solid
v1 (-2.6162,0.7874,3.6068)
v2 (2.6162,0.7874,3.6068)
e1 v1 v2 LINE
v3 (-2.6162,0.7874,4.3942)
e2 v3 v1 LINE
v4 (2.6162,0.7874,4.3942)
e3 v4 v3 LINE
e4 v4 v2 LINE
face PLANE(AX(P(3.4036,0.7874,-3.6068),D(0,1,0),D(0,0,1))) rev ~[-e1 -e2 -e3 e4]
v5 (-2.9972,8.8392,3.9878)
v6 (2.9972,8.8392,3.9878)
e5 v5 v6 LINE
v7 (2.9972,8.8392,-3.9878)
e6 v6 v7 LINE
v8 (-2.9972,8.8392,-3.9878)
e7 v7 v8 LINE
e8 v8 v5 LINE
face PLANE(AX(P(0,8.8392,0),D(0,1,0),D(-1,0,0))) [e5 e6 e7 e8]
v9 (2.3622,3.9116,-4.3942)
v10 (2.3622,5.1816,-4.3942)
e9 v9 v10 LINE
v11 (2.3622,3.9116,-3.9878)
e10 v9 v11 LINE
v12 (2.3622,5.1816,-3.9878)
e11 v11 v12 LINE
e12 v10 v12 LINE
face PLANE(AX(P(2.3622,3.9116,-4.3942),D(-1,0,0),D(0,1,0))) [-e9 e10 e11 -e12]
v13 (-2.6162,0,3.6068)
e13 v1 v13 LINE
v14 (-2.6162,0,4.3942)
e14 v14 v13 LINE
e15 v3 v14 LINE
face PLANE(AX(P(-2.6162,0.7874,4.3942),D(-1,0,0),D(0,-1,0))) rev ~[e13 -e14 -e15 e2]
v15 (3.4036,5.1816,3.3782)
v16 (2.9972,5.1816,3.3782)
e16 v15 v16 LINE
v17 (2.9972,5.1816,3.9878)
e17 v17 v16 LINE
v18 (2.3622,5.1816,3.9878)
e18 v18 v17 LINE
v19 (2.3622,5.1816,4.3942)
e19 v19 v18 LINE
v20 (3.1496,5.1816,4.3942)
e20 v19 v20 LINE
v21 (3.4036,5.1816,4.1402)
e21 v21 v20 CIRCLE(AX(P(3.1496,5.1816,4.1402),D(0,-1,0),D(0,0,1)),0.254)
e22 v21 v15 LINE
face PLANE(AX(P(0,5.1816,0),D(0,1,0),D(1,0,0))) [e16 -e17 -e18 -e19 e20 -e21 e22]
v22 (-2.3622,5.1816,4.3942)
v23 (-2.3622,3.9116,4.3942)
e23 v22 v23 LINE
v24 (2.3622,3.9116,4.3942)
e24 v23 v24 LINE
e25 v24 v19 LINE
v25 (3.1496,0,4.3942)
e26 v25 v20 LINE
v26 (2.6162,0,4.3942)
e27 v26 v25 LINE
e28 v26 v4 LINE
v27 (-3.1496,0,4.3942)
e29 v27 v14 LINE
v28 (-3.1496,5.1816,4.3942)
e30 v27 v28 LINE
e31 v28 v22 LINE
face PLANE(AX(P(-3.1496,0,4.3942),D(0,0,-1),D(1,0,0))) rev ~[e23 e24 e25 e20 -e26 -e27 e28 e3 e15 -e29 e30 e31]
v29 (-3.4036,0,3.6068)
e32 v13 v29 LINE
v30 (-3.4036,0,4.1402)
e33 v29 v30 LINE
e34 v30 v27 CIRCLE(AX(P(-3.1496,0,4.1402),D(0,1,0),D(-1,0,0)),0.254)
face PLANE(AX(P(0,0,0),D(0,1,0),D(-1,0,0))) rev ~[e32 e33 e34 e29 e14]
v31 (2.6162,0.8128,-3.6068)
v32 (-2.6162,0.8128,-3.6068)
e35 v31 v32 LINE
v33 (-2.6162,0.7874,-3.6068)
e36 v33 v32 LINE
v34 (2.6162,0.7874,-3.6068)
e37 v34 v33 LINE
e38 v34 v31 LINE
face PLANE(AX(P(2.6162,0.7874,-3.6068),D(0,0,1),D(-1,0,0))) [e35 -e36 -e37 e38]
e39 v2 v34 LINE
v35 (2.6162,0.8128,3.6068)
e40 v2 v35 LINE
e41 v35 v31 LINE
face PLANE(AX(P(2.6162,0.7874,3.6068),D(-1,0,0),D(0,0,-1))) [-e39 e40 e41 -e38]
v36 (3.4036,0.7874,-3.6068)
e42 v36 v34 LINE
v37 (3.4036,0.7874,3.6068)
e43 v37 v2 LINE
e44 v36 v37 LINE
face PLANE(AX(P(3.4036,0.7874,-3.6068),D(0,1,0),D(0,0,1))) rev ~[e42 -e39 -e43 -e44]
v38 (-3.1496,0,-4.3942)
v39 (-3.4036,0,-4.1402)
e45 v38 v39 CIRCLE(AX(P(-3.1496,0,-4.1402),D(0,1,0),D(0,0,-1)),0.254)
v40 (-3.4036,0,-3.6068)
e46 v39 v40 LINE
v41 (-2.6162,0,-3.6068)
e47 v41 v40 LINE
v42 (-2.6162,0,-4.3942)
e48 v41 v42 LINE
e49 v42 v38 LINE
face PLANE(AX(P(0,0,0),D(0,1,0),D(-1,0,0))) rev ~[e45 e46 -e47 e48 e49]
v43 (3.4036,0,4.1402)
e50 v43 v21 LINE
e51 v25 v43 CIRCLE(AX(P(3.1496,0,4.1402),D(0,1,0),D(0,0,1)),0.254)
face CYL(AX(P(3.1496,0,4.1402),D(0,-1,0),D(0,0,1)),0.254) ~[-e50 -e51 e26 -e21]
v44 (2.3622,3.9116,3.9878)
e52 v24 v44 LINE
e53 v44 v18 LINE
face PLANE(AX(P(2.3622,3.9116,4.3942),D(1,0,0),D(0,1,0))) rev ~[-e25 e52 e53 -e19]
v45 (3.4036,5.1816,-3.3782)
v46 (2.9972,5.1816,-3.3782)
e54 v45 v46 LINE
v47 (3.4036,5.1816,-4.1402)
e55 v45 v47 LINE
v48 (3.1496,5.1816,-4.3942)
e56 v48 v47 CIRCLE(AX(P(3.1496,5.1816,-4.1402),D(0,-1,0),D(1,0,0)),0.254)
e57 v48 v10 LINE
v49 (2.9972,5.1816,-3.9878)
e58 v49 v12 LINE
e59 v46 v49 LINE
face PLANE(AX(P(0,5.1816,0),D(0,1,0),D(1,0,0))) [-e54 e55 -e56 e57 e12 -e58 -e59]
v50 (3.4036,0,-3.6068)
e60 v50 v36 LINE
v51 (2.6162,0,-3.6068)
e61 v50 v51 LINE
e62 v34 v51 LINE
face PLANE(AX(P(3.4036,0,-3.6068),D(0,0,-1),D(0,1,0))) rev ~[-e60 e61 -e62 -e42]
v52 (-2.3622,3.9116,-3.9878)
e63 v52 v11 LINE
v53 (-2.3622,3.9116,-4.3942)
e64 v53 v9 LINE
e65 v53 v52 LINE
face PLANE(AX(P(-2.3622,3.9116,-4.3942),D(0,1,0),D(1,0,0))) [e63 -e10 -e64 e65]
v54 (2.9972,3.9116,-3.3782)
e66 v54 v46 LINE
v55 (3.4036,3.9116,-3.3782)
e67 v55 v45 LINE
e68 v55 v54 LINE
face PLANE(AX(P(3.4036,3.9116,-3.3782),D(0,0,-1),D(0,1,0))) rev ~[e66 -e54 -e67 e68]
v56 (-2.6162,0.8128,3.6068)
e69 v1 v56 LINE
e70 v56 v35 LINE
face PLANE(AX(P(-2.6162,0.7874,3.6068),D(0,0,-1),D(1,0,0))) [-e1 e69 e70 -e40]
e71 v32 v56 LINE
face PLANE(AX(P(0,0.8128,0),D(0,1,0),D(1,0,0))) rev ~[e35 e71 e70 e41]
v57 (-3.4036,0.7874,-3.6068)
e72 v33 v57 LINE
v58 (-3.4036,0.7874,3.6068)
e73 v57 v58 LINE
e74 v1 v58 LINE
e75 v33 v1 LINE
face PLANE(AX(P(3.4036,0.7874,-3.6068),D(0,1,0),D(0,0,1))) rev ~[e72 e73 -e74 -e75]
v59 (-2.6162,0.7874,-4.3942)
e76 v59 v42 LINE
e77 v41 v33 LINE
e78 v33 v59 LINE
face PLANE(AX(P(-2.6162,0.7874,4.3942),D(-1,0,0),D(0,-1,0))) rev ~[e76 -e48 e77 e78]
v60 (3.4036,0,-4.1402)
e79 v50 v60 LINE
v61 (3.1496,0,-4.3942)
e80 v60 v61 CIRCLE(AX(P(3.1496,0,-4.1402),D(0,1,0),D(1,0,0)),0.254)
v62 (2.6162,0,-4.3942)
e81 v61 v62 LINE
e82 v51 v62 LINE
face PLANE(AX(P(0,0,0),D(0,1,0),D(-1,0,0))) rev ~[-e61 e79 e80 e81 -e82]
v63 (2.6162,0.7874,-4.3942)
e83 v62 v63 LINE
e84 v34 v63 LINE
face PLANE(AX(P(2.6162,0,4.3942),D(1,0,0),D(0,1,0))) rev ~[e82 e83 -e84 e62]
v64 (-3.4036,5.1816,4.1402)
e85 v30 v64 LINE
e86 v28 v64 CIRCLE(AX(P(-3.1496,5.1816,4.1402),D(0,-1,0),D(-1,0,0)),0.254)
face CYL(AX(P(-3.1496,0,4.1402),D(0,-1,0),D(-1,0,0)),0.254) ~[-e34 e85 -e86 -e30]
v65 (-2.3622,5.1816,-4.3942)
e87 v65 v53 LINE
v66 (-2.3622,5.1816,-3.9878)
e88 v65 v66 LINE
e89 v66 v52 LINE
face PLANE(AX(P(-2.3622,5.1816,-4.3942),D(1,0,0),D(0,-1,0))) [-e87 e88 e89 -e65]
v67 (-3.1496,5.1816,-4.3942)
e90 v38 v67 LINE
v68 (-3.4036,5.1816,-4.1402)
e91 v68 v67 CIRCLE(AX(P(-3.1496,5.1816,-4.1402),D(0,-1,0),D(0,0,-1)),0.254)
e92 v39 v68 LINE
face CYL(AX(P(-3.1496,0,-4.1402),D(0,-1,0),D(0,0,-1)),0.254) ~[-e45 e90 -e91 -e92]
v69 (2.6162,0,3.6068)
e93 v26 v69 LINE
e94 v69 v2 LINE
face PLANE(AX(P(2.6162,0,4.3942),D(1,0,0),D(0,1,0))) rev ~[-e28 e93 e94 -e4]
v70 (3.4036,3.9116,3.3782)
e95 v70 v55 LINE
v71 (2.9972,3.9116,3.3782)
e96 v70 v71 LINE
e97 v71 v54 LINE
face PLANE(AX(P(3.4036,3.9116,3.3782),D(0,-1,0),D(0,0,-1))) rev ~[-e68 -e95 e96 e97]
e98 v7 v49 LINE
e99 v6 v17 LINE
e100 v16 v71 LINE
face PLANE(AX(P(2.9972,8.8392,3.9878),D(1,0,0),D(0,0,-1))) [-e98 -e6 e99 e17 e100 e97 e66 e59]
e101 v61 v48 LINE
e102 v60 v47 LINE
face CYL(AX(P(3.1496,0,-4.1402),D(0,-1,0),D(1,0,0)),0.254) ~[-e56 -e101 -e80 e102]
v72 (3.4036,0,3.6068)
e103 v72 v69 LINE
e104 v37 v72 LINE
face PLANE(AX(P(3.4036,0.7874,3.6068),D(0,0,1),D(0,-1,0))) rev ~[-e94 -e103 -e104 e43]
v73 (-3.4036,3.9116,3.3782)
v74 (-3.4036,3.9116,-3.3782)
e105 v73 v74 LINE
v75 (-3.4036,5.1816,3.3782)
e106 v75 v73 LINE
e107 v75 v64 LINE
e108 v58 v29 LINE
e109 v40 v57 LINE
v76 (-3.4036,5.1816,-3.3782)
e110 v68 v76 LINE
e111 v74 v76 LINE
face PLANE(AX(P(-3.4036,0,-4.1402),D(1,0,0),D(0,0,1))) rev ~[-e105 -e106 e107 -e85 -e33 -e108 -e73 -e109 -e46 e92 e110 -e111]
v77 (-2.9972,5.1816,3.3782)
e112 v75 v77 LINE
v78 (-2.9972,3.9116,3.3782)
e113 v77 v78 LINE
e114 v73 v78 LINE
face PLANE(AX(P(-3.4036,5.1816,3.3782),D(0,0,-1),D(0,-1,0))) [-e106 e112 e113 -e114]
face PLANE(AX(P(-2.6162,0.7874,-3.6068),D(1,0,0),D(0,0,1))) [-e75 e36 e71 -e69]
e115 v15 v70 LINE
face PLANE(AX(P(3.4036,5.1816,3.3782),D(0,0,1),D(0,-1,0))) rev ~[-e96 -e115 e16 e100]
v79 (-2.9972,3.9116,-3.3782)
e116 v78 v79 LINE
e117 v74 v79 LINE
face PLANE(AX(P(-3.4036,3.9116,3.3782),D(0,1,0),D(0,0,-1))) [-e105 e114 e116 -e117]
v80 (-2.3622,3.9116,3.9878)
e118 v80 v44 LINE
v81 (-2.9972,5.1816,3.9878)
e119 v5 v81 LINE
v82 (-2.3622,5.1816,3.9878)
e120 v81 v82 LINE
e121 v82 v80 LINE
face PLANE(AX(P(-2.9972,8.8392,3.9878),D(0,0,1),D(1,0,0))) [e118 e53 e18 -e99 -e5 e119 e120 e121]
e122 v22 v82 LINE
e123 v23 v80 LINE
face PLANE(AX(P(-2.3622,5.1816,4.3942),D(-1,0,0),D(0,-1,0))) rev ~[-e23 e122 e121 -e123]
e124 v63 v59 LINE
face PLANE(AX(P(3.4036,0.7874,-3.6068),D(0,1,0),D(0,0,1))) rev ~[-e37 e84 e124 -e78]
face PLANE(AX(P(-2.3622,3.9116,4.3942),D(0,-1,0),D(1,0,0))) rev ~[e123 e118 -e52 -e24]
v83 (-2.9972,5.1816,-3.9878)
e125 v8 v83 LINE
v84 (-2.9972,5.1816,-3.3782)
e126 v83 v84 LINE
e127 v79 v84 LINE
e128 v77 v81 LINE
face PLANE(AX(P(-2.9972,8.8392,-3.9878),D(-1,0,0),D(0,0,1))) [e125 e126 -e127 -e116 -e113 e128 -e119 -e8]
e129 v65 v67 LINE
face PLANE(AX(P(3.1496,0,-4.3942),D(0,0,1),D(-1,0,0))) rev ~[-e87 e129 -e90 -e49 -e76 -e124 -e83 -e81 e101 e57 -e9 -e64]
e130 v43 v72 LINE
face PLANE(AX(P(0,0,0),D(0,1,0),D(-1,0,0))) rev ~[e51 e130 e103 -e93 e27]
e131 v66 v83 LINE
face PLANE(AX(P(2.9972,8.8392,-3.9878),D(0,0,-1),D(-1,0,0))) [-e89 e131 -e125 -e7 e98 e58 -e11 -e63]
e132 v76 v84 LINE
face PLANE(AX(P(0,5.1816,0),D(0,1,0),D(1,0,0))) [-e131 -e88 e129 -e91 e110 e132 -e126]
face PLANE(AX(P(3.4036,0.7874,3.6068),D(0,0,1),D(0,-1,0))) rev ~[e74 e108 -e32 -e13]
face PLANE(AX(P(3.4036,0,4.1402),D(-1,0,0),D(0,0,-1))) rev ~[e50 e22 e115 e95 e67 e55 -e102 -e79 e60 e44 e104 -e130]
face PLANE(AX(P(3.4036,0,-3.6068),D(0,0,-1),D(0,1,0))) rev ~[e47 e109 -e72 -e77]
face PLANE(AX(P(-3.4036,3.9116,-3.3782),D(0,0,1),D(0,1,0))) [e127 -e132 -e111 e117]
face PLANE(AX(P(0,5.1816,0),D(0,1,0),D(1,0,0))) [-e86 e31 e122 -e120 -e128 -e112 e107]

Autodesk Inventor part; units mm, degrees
sketch "Sketch_1" plane through (0, 0, 0) normal (0, 1, 0) x (-1, 0, 0)
  line L0 (3.4036, -4.1402) -> (3.4036, 4.1402)
  arc A0 (3.4036, 4.1402) -> (3.1496, 4.3942) centre (3.1496, 4.1402) ccw
  line L1 (3.1496, 4.3942) -> (-3.1496, 4.3942)
  arc A1 (-3.1496, 4.3942) -> (-3.4036, 4.1402) centre (-3.1496, 4.1402) ccw
  line L2 (-3.4036, 4.1402) -> (-3.4036, -4.1402)
  arc A2 (-3.4036, -4.1402) -> (-3.1496, -4.3942) centre (-3.1496, -4.1402) ccw
  line L3 (-3.1496, -4.3942) -> (3.1496, -4.3942)
  arc A3 (3.1496, -4.3942) -> (3.4036, -4.1402) centre (3.1496, -4.1402) ccw
extrude "Extrusion1" add sketch "Sketch_1" along normal blind 8.8392
sketch "Sketch_2" plane through (0, 8.8392, 0) normal (0, 1, 0) x (1, 0, 0)
  line L0 (-7.3539, 7.1515) -> (-7.3539, -8.5008)
  line L1 (-7.3539, -8.5008) -> (8.5233, -8.5008)
  line L2 (8.5233, -8.5008) -> (8.5233, 7.1515)
  line L3 (8.5233, 7.1515) -> (-7.3539, 7.1515)
  line L4 (-2.9972, -3.9878) -> (2.9972, -3.9878)
  line L5 (2.9972, -3.9878) -> (2.9972, 3.9878)
  line L6 (2.9972, 3.9878) -> (-2.9972, 3.9878)
  line L7 (-2.9972, 3.9878) -> (-2.9972, -3.9878)
extrude "Extrusion2" cut sketch "Sketch_2" against normal blind 3.6576
sketch "Sketch_3" plane through (3.4036, 0, 0) normal (1, 0, 0) x (0, 0, -1)
  line L0 (-3.6068, 0) -> (3.6068, 0)
  line L1 (3.6068, 0) -> (3.6068, 0.7874)
  line L2 (3.6068, 0.7874) -> (-3.6068, 0.7874)
  line L3 (-3.6068, 0.7874) -> (-3.6068, 0)
extrude "Extrusion3" cut sketch "Sketch_3" against normal blind 6.8072
sketch "Sketch_4" plane through (0, 0, 4.3942) normal (0, 0, 1) x (1, 0, 0)
  line L0 (-2.6162, 0) -> (2.6162, 0)
  line L1 (2.6162, 0) -> (2.6162, 0.7874)
  line L2 (2.6162, 0.7874) -> (-2.6162, 0.7874)
  line L3 (-2.6162, 0.7874) -> (-2.6162, 0)
extrude "Extrusion4" cut sketch "Sketch_4" against normal blind 8.7884
sketch "Sketch_5" plane through (3.4036, 0, 0) normal (1, 0, 0) x (0, 0, -1)
  line L0 (-3.3782, 5.1816) -> (-3.3782, 3.9116)
  line L1 (-3.3782, 3.9116) -> (3.3782, 3.9116)
  line L2 (3.3782, 3.9116) -> (3.3782, 5.1816)
  line L3 (3.3782, 5.1816) -> (-3.3782, 5.1816)
extrude "Extrusion5" cut sketch "Sketch_5" against normal blind 0.4064
sketch "Sketch_6" plane through (-3.4036, 0, 0) normal (1, 0, 0) x (0, 0, -1)
  line L0 (-3.3782, 5.1816) -> (-3.3782, 3.9116)
  line L1 (-3.3782, 3.9116) -> (3.3782, 3.9116)
  line L2 (3.3782, 3.9116) -> (3.3782, 5.1816)
  line L3 (3.3782, 5.1816) -> (-3.3782, 5.1816)
extrude "Extrusion6" cut sketch "Sketch_6" along normal blind 0.4064
sketch "Sketch_7" plane through (0, 0, 4.3942) normal (0, 0, 1) x (1, 0, 0)
  line L0 (-2.3622, 5.1816) -> (-2.3622, 3.9116)
  line L1 (-2.3622, 3.9116) -> (2.3622, 3.9116)
  line L2 (2.3622, 3.9116) -> (2.3622, 5.1816)
  line L3 (2.3622, 5.1816) -> (-2.3622, 5.1816)
extrude "Extrusion7" cut sketch "Sketch_7" against normal blind 0.4064
sketch "Sketch_8" plane through (0, 0, -4.3942) normal (0, 0, 1) x (1, 0, 0)
  line L0 (-2.3622, 5.1816) -> (-2.3622, 3.9116)
  line L1 (-2.3622, 3.9116) -> (2.3622, 3.9116)
  line L2 (2.3622, 3.9116) -> (2.3622, 5.1816)
  line L3 (2.3622, 5.1816) -> (-2.3622, 5.1816)
extrude "Extrusion8" cut sketch "Sketch_8" along normal blind 0.4064
sketch "Sketch_49" plane through (0, 0.7874, 0) normal (0, 1, 0) x (1, 0, 0)
  line L0 (-2.6162, -3.6068) -> (2.6162, -3.6068)
  line L1 (2.6162, -3.6068) -> (2.6162, 3.6068)
  line L2 (2.6162, 3.6068) -> (-2.6162, 3.6068)
  line L3 (-2.6162, 3.6068) -> (-2.6162, -3.6068)
extrude "Extrusion9" cut sketch "Sketch_49" along normal blind 0.0254
ref_plane "black_body_str_XY" through (0, 8.8392, 0) normal (0, -1, 0) x (1, 0, 0)
ref_plane "black_body_str_YZ" through (0, 8.8392, 0) normal (1, 0, 0) x (0, 0, 1)
ref_plane "black_body_str_ZX" through (0, 8.8392, 0) normal (0, 0, 1) x (0, -1, 0)
ref_plane "black_body_ver_rigang_XY" through (0, 0, 9.0678) normal (0, 0, -1) x (1, 0, 0)
ref_plane "black_body_ver_rigang_YZ" through (0, 0, 9.0678) normal (1, 0, 0) x (0, -1, 0)
ref_plane "black_body_ver_rigang_ZX" through (0, 0, 9.0678) normal (0, -1, 0) x (0, 0, -1)
ref_plane "dummy_righ_vert_XY" through (0, 0, 0) normal (0, 0, -1) x (1, 0, 0)
ref_plane "dummy_righ_vert_YZ" through (0, 0, 0) normal (1, 0, 0) x (0, -1, 0)
ref_plane "dummy_righ_vert_ZX" through (0, 0, 0) normal (0, -1, 0) x (0, 0, -1)
ref_plane "dummy_straight_XY" through (0, 0, 0) normal (0, -1, 0) x (1, 0, 0)
ref_plane "dummy_straight_YZ" through (0, 0, 0) normal (1, 0, 0) x (0, 0, 1)
ref_plane "dummy_straight_ZX" through (0, 0, 0) normal (0, 0, 1) x (0, -1, 0)
ref_plane "rigang_vert_trmnls_XY" through (0, 0, 0.8636) normal (0, 0, 1) x (1, 0, 0)
ref_plane "rigang_vert_trmnls_YZ" through (0, 0, 0.8636) normal (1, 0, 0) x (0, 1, 0)
ref_plane "rigang_vert_trmnls_ZX" through (0, 0, 0.8636) normal (0, 1, 0) x (0, 0, 1)
ref_plane "str_trmnls_XY" through (0, 0.8636, 0) normal (0, 1, 0) x (1, 0, 0)
ref_plane "str_trmnls_YZ" through (0, 0.8636, 0) normal (1, 0, 0) x (0, 0, -1)
ref_plane "str_trmnls_ZX" through (0, 0.8636, 0) normal (0, 0, -1) x (0, 1, 0)
properties part number "B12APbody"
